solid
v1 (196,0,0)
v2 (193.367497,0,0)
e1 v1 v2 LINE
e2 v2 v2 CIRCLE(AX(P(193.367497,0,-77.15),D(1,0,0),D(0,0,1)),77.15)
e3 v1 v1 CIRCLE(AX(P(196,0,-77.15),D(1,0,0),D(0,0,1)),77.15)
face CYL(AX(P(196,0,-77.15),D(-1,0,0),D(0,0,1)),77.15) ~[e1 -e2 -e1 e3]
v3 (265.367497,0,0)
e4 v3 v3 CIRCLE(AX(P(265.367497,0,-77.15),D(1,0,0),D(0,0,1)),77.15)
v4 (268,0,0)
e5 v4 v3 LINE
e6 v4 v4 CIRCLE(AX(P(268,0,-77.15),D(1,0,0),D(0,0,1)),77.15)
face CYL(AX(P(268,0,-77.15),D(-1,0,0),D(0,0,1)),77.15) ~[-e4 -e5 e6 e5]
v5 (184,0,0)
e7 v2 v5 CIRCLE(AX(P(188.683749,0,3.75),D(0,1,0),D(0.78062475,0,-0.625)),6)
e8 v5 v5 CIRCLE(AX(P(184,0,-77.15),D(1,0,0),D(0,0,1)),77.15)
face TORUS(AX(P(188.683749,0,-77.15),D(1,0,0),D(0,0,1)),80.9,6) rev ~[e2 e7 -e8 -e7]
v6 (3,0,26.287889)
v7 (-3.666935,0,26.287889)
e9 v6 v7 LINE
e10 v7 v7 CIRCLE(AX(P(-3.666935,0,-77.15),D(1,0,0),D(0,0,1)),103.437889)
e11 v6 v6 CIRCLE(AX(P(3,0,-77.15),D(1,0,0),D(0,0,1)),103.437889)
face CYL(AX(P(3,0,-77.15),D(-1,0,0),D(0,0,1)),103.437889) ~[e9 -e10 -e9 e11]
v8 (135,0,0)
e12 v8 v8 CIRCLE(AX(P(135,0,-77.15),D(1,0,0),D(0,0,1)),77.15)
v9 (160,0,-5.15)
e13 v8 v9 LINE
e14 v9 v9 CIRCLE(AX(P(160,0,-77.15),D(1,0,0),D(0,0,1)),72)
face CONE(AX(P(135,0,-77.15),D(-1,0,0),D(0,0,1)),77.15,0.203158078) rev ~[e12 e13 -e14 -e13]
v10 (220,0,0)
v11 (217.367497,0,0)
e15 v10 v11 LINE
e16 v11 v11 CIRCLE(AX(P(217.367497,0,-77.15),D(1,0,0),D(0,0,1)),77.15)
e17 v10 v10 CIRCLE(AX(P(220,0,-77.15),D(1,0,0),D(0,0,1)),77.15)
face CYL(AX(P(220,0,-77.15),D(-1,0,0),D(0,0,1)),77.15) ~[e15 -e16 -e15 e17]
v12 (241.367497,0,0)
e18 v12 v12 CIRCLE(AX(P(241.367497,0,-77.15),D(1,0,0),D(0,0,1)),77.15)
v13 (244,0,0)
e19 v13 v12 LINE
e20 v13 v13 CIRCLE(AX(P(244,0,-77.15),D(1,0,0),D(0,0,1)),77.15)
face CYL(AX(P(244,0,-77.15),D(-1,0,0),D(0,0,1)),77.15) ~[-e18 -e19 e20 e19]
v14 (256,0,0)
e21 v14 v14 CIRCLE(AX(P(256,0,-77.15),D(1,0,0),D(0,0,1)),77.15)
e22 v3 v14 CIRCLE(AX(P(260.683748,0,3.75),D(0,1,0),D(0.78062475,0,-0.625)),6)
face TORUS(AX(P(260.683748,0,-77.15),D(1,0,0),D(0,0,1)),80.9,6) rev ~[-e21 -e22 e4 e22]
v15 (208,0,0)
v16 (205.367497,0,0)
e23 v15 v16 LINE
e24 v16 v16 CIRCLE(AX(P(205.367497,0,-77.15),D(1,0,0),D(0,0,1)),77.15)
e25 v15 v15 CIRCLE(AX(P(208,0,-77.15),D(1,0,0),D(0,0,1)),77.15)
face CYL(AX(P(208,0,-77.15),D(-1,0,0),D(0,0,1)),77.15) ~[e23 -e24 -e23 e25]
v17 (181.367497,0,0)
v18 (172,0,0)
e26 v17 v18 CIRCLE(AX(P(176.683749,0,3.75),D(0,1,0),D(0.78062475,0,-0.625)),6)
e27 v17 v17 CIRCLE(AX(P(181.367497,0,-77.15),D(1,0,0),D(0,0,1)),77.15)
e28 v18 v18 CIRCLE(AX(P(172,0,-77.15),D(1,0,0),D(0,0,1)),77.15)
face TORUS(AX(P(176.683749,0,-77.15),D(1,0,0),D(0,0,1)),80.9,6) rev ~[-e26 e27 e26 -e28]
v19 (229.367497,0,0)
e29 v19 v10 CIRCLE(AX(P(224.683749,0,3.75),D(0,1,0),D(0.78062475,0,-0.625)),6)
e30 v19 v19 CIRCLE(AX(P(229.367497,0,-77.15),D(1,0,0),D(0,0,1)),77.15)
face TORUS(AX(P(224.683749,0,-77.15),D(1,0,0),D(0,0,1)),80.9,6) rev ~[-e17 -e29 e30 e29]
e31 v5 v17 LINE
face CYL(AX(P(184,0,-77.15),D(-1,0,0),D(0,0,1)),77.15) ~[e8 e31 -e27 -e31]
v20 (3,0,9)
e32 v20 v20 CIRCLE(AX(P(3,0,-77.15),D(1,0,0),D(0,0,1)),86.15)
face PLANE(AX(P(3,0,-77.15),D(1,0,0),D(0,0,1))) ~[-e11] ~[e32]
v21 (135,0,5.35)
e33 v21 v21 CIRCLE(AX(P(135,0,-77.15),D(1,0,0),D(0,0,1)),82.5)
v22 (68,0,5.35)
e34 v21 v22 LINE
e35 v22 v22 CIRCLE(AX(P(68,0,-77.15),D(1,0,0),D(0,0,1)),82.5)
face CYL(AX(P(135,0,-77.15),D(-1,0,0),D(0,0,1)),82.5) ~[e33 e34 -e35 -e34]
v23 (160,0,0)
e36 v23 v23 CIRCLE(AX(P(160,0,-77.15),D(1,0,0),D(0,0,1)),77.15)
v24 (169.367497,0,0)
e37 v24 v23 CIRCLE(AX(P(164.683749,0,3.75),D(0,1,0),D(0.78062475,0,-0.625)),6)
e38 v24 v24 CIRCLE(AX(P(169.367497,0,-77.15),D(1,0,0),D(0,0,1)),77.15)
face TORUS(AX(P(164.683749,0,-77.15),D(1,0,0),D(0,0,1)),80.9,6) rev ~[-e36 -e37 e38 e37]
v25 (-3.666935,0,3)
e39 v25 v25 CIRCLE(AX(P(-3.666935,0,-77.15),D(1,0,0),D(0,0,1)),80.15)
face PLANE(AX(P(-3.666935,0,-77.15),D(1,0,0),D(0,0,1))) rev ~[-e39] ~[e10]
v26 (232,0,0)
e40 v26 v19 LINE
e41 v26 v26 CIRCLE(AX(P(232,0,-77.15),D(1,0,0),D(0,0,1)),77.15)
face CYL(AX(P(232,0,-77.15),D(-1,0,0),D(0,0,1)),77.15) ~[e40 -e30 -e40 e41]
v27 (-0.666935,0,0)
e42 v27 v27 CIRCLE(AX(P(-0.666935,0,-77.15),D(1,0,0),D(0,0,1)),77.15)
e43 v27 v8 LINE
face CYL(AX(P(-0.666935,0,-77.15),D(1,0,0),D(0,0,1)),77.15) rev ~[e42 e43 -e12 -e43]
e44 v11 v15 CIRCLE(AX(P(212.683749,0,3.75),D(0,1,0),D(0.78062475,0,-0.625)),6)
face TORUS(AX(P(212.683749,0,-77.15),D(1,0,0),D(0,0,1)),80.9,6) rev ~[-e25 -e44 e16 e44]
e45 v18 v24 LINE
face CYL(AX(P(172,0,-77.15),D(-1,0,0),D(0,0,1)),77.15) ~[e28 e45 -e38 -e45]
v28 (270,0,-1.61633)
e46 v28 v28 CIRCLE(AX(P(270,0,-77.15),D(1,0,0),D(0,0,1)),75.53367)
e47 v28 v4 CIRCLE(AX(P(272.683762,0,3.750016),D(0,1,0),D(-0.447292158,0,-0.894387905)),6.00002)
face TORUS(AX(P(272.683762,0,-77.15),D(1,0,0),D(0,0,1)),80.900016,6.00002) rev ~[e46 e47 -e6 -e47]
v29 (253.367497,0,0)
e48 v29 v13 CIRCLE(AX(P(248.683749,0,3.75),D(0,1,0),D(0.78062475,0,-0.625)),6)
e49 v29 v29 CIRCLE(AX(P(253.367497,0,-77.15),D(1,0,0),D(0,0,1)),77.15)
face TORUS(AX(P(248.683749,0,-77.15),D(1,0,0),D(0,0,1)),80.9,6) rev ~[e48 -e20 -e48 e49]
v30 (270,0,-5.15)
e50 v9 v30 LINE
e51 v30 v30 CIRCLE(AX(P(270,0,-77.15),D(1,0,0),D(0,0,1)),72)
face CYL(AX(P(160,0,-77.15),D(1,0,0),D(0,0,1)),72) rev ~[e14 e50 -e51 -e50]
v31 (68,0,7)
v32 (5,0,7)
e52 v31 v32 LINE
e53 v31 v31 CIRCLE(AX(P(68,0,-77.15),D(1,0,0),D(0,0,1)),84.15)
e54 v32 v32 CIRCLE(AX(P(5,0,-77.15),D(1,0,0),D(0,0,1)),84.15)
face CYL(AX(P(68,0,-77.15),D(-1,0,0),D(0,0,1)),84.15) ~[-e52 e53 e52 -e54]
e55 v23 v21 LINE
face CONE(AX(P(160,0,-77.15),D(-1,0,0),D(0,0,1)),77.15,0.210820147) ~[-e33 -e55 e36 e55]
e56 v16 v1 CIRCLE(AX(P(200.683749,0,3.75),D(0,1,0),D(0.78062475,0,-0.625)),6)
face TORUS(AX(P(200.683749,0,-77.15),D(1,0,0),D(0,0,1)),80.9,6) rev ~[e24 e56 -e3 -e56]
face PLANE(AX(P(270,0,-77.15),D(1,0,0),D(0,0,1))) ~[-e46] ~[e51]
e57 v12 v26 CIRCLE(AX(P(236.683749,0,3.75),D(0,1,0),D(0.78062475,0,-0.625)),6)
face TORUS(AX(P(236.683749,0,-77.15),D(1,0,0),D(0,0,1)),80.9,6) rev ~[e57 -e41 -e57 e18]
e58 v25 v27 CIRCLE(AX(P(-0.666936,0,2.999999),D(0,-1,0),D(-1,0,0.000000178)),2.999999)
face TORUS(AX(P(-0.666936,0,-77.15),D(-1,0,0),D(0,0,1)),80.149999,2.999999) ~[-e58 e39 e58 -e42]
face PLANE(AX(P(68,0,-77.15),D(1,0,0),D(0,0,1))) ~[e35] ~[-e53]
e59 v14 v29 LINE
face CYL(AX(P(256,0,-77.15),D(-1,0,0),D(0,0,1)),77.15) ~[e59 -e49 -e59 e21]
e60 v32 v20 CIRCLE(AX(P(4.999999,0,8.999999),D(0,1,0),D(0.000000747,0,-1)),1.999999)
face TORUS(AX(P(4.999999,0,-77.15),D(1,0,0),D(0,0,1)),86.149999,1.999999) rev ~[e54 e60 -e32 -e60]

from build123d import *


with BuildPart() as f1:
    # F0 (on Front) → F1 (revolve)
    with BuildSketch(Plane.XZ):
        with BuildLine():
            Line((-0.666935, 0), (0, 0))
            Line((0, 0), (135, 0))
            Line((135, 0), (160, -5.15))
            Line((160, -5.15), (270, -5.15))
            Line((270, -5.15), (270, -1.61633))
            ThreePointArc((270, -1.61633), (268.912392, -0.916569), (268, 0))
            Line((268, 0), (265.367497, 0))
            ThreePointArc((265.367497, 0), (260.683748, -2.25), (256, 0))
            Line((256, 0), (253.367497, 0))
            ThreePointArc((253.367497, 0), (248.683748, -2.25), (244, 0))
            Line((244, 0), (241.367497, 0))
            ThreePointArc((241.367497, 0), (236.683748, -2.25), (232, 0))
            Line((232, 0), (229.367497, 0))
            ThreePointArc((229.367497, 0), (224.683748, -2.25), (220, 0))
            Line((220, 0), (217.367497, 0))
            ThreePointArc((217.367497, 0), (212.683748, -2.25), (208, 0))
            Line((208, 0), (205.367497, 0))
            ThreePointArc((205.367497, 0), (200.683748, -2.25), (196, 0))
            Line((196, 0), (193.367497, 0))
            ThreePointArc((193.367497, 0), (188.683748, -2.25), (184, 0))
            Line((184, 0), (181.367497, 0))
            ThreePointArc((181.367497, 0), (176.683748, -2.25), (172, 0))
            Line((172, 0), (169.367497, 0))
            ThreePointArc((169.367497, 0), (164.683748, -2.25), (160, 0))
            Line((160, 0), (135, 5.35))
            Line((135, 5.35), (68, 5.35))
            Line((68, 5.35), (68, 7))
            Line((68, 7), (5, 7))
            ThreePointArc((5, 7), (3.585786, 7.585786), (3, 9))
            Line((3, 9), (3, 26.287889))
            Line((3, 26.287889), (-3.666935, 26.287889))
            Line((-3.666935, 26.287889), (-3.666935, 3))
            ThreePointArc((-3.666935, 3), (-2.788256, 0.87868), (-0.666935, 0))
        make_face()
    revolve(axis=Axis((139.761062, 0, -77.15), (1, 0, 0)))


solid = f1.part
